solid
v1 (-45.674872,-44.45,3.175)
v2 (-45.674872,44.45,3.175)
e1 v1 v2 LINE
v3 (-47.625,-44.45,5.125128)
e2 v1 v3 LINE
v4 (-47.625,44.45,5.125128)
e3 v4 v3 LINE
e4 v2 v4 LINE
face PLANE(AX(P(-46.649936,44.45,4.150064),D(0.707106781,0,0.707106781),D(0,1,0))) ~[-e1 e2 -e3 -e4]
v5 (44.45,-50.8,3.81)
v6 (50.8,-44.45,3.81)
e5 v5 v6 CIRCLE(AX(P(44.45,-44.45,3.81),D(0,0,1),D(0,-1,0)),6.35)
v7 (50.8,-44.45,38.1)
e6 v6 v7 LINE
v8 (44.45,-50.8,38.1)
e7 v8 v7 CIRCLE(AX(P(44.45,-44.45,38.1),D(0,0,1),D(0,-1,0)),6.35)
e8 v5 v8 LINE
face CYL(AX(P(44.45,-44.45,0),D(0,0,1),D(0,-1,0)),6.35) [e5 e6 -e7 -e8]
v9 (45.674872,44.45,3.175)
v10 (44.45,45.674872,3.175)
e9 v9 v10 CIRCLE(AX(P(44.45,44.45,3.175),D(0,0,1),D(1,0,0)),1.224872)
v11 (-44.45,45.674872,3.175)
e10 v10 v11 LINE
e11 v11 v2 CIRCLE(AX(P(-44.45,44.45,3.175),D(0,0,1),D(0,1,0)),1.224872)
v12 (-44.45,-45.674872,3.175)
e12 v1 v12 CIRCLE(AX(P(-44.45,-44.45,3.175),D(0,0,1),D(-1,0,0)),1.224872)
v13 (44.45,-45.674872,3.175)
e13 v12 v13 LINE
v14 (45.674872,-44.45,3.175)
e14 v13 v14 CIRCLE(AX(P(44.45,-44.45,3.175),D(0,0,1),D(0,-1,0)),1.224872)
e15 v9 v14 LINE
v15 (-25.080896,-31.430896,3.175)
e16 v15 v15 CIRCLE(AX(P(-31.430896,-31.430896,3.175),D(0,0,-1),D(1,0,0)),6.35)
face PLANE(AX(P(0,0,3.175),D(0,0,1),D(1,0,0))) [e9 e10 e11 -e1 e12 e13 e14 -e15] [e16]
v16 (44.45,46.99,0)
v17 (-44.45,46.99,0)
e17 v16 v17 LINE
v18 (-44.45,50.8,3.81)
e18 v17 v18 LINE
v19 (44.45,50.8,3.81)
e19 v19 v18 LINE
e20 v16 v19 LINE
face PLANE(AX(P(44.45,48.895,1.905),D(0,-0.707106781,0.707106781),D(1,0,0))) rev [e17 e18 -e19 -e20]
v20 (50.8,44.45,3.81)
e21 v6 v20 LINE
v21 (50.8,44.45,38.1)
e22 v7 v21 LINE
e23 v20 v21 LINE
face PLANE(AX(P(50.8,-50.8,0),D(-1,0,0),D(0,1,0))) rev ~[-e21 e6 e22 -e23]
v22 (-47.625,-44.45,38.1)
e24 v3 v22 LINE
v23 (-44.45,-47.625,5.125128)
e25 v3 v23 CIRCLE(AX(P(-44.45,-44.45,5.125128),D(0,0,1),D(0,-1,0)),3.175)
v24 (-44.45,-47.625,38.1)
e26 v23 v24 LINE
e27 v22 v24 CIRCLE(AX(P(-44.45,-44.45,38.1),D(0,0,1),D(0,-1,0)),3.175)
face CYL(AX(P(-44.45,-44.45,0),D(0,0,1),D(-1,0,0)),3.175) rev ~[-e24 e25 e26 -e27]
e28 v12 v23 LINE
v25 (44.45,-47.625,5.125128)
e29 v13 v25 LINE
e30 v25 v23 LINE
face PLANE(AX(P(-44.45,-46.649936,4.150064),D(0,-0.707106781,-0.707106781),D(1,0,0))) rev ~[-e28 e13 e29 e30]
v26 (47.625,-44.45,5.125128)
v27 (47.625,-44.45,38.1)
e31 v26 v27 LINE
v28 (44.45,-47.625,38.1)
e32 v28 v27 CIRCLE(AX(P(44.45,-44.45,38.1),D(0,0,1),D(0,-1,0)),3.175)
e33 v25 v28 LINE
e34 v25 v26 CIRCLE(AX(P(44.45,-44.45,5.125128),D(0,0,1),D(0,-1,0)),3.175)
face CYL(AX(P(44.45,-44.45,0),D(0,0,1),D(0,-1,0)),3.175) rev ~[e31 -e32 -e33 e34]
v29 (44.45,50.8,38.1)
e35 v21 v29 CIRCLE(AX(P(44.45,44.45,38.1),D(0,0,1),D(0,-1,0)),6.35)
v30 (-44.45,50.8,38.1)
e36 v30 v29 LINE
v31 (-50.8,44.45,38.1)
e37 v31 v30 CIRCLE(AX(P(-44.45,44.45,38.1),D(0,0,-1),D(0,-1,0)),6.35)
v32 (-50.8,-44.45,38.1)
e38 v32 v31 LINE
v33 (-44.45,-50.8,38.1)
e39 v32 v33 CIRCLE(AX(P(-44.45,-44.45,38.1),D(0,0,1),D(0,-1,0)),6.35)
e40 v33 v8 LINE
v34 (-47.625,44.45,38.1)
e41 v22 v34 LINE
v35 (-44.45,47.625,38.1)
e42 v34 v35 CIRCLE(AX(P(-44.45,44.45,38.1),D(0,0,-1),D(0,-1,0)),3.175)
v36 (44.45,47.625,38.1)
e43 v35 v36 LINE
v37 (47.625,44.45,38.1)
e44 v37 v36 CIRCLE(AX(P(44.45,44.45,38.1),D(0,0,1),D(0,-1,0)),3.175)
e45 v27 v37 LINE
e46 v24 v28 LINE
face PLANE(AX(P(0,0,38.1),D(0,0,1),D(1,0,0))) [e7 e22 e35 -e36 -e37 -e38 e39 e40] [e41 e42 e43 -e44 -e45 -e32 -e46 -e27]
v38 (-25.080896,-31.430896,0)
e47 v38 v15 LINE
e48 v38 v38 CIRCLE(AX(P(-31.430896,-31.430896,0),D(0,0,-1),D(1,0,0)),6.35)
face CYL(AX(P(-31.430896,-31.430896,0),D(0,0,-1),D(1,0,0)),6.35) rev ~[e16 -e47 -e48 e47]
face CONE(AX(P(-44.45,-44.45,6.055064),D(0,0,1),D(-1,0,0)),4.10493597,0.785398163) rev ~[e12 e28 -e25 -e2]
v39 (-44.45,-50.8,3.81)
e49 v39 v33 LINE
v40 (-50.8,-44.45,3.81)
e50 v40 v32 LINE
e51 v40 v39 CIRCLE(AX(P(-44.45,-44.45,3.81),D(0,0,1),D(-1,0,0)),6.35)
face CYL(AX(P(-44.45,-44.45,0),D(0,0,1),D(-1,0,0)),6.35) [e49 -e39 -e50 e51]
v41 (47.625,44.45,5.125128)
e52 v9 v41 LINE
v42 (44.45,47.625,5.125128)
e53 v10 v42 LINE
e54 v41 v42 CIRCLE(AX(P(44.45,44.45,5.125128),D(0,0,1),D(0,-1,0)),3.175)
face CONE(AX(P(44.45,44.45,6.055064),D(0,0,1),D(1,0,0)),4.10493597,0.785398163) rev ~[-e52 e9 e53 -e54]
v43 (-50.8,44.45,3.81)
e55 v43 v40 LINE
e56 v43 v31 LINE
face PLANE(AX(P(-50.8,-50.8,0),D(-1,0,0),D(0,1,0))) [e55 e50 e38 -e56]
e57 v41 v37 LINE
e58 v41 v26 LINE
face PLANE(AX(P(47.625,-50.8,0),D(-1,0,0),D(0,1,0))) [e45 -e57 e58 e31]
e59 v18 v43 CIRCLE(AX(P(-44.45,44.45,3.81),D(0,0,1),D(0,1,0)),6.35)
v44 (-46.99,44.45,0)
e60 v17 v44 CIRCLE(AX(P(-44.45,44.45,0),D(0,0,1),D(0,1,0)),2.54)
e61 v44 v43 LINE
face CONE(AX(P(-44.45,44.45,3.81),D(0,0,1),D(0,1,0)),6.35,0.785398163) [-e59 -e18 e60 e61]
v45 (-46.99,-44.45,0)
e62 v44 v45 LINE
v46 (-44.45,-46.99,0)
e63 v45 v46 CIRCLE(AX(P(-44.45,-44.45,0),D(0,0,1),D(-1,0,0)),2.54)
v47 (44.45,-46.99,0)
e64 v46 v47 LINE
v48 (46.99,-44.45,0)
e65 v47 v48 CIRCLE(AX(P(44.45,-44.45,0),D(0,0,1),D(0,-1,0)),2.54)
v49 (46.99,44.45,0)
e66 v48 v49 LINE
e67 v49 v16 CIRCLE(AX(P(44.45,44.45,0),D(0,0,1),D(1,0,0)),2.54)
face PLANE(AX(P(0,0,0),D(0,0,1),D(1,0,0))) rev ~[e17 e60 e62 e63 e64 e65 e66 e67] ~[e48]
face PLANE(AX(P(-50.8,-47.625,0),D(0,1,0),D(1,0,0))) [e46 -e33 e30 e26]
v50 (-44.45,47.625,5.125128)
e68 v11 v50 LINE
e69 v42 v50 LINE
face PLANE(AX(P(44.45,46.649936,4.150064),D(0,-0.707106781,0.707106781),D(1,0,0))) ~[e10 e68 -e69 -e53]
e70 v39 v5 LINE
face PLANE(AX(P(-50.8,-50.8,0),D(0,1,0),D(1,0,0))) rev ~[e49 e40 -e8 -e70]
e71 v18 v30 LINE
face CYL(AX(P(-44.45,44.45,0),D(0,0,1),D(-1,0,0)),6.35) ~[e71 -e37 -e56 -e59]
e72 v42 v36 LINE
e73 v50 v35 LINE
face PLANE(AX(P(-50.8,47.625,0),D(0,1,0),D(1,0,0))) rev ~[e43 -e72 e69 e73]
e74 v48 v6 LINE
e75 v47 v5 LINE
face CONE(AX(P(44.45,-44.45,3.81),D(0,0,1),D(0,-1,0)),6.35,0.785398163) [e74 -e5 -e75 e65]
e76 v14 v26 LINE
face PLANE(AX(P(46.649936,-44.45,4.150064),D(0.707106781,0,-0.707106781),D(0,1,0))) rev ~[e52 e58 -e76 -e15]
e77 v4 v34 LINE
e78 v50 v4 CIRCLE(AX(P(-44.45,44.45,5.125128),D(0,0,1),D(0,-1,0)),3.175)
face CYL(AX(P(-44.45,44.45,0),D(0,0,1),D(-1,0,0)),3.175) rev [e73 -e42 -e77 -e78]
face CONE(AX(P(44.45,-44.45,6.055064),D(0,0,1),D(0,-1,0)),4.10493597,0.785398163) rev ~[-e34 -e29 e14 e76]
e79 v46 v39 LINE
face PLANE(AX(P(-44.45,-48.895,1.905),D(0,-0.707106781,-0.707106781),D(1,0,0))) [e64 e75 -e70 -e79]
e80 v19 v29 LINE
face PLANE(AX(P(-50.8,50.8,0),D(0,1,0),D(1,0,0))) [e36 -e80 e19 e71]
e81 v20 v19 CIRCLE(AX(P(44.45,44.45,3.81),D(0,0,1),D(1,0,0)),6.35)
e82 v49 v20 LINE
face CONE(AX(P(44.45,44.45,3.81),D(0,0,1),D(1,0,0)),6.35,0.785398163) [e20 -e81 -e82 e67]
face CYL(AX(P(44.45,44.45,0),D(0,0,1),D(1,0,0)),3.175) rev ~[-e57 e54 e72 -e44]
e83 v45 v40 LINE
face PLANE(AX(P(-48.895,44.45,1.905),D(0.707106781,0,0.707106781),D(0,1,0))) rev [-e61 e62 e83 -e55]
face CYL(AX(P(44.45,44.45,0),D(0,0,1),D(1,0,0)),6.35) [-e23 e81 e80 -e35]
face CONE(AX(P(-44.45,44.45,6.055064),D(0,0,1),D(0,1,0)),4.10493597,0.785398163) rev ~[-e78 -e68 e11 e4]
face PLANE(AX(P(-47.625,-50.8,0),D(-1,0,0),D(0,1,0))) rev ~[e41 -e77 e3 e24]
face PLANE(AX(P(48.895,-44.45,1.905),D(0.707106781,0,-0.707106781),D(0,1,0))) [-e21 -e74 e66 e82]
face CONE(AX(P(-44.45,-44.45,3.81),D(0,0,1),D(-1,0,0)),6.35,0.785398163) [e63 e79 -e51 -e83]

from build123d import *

# Parameters (mm, degrees)
F0_W     = 101.6
F0_H     = 101.6
F1_DEPTH = 38.1
F3_R     = 6.35
F4_SIZE  = 3.81
F5_T     = -3.175
F2_R     = 6.35
F6_DEPTH = 38.101


with BuildPart() as f1:
    # F0 (on Top) → F1 (new body)
    with BuildSketch(Plane.XY):
        Rectangle(F0_W, F0_H)
    extrude(amount=F1_DEPTH)

    # F3
    f3_edges = [f1.edges().sort_by_distance(p)[0] for p in [
        (-50.8, 50.8, 19.05),
        (50.8, -50.8, 19.05),
        (50.8, 50.8, 19.05),
        (-50.8, -50.8, 19.05),
    ]]
    fillet(f3_edges, radius=F3_R)

    # F4
    f4_edges = [f1.edges().sort_by_distance(p)[0] for p in [
        (0, -50.8, 0),
    ]]
    chamfer(f4_edges, length=F4_SIZE)

    # F5
    f5_openings = [f1.faces().sort_by_distance(p)[0] for p in [
        (0, 0, 38.1),
    ]]
    offset(amount=F5_T, openings=f5_openings)

    # F2 (on face) → F6 (cut, through all)
    with BuildSketch(Plane(origin=(0, 0, 0), x_dir=(1, 0, 0), z_dir=(0, 0, -1))):
        with Locations((-31.430896, 31.430896)):
            Circle(F2_R)
    extrude(amount=-F6_DEPTH, mode=Mode.SUBTRACT)


solid = f1.part
